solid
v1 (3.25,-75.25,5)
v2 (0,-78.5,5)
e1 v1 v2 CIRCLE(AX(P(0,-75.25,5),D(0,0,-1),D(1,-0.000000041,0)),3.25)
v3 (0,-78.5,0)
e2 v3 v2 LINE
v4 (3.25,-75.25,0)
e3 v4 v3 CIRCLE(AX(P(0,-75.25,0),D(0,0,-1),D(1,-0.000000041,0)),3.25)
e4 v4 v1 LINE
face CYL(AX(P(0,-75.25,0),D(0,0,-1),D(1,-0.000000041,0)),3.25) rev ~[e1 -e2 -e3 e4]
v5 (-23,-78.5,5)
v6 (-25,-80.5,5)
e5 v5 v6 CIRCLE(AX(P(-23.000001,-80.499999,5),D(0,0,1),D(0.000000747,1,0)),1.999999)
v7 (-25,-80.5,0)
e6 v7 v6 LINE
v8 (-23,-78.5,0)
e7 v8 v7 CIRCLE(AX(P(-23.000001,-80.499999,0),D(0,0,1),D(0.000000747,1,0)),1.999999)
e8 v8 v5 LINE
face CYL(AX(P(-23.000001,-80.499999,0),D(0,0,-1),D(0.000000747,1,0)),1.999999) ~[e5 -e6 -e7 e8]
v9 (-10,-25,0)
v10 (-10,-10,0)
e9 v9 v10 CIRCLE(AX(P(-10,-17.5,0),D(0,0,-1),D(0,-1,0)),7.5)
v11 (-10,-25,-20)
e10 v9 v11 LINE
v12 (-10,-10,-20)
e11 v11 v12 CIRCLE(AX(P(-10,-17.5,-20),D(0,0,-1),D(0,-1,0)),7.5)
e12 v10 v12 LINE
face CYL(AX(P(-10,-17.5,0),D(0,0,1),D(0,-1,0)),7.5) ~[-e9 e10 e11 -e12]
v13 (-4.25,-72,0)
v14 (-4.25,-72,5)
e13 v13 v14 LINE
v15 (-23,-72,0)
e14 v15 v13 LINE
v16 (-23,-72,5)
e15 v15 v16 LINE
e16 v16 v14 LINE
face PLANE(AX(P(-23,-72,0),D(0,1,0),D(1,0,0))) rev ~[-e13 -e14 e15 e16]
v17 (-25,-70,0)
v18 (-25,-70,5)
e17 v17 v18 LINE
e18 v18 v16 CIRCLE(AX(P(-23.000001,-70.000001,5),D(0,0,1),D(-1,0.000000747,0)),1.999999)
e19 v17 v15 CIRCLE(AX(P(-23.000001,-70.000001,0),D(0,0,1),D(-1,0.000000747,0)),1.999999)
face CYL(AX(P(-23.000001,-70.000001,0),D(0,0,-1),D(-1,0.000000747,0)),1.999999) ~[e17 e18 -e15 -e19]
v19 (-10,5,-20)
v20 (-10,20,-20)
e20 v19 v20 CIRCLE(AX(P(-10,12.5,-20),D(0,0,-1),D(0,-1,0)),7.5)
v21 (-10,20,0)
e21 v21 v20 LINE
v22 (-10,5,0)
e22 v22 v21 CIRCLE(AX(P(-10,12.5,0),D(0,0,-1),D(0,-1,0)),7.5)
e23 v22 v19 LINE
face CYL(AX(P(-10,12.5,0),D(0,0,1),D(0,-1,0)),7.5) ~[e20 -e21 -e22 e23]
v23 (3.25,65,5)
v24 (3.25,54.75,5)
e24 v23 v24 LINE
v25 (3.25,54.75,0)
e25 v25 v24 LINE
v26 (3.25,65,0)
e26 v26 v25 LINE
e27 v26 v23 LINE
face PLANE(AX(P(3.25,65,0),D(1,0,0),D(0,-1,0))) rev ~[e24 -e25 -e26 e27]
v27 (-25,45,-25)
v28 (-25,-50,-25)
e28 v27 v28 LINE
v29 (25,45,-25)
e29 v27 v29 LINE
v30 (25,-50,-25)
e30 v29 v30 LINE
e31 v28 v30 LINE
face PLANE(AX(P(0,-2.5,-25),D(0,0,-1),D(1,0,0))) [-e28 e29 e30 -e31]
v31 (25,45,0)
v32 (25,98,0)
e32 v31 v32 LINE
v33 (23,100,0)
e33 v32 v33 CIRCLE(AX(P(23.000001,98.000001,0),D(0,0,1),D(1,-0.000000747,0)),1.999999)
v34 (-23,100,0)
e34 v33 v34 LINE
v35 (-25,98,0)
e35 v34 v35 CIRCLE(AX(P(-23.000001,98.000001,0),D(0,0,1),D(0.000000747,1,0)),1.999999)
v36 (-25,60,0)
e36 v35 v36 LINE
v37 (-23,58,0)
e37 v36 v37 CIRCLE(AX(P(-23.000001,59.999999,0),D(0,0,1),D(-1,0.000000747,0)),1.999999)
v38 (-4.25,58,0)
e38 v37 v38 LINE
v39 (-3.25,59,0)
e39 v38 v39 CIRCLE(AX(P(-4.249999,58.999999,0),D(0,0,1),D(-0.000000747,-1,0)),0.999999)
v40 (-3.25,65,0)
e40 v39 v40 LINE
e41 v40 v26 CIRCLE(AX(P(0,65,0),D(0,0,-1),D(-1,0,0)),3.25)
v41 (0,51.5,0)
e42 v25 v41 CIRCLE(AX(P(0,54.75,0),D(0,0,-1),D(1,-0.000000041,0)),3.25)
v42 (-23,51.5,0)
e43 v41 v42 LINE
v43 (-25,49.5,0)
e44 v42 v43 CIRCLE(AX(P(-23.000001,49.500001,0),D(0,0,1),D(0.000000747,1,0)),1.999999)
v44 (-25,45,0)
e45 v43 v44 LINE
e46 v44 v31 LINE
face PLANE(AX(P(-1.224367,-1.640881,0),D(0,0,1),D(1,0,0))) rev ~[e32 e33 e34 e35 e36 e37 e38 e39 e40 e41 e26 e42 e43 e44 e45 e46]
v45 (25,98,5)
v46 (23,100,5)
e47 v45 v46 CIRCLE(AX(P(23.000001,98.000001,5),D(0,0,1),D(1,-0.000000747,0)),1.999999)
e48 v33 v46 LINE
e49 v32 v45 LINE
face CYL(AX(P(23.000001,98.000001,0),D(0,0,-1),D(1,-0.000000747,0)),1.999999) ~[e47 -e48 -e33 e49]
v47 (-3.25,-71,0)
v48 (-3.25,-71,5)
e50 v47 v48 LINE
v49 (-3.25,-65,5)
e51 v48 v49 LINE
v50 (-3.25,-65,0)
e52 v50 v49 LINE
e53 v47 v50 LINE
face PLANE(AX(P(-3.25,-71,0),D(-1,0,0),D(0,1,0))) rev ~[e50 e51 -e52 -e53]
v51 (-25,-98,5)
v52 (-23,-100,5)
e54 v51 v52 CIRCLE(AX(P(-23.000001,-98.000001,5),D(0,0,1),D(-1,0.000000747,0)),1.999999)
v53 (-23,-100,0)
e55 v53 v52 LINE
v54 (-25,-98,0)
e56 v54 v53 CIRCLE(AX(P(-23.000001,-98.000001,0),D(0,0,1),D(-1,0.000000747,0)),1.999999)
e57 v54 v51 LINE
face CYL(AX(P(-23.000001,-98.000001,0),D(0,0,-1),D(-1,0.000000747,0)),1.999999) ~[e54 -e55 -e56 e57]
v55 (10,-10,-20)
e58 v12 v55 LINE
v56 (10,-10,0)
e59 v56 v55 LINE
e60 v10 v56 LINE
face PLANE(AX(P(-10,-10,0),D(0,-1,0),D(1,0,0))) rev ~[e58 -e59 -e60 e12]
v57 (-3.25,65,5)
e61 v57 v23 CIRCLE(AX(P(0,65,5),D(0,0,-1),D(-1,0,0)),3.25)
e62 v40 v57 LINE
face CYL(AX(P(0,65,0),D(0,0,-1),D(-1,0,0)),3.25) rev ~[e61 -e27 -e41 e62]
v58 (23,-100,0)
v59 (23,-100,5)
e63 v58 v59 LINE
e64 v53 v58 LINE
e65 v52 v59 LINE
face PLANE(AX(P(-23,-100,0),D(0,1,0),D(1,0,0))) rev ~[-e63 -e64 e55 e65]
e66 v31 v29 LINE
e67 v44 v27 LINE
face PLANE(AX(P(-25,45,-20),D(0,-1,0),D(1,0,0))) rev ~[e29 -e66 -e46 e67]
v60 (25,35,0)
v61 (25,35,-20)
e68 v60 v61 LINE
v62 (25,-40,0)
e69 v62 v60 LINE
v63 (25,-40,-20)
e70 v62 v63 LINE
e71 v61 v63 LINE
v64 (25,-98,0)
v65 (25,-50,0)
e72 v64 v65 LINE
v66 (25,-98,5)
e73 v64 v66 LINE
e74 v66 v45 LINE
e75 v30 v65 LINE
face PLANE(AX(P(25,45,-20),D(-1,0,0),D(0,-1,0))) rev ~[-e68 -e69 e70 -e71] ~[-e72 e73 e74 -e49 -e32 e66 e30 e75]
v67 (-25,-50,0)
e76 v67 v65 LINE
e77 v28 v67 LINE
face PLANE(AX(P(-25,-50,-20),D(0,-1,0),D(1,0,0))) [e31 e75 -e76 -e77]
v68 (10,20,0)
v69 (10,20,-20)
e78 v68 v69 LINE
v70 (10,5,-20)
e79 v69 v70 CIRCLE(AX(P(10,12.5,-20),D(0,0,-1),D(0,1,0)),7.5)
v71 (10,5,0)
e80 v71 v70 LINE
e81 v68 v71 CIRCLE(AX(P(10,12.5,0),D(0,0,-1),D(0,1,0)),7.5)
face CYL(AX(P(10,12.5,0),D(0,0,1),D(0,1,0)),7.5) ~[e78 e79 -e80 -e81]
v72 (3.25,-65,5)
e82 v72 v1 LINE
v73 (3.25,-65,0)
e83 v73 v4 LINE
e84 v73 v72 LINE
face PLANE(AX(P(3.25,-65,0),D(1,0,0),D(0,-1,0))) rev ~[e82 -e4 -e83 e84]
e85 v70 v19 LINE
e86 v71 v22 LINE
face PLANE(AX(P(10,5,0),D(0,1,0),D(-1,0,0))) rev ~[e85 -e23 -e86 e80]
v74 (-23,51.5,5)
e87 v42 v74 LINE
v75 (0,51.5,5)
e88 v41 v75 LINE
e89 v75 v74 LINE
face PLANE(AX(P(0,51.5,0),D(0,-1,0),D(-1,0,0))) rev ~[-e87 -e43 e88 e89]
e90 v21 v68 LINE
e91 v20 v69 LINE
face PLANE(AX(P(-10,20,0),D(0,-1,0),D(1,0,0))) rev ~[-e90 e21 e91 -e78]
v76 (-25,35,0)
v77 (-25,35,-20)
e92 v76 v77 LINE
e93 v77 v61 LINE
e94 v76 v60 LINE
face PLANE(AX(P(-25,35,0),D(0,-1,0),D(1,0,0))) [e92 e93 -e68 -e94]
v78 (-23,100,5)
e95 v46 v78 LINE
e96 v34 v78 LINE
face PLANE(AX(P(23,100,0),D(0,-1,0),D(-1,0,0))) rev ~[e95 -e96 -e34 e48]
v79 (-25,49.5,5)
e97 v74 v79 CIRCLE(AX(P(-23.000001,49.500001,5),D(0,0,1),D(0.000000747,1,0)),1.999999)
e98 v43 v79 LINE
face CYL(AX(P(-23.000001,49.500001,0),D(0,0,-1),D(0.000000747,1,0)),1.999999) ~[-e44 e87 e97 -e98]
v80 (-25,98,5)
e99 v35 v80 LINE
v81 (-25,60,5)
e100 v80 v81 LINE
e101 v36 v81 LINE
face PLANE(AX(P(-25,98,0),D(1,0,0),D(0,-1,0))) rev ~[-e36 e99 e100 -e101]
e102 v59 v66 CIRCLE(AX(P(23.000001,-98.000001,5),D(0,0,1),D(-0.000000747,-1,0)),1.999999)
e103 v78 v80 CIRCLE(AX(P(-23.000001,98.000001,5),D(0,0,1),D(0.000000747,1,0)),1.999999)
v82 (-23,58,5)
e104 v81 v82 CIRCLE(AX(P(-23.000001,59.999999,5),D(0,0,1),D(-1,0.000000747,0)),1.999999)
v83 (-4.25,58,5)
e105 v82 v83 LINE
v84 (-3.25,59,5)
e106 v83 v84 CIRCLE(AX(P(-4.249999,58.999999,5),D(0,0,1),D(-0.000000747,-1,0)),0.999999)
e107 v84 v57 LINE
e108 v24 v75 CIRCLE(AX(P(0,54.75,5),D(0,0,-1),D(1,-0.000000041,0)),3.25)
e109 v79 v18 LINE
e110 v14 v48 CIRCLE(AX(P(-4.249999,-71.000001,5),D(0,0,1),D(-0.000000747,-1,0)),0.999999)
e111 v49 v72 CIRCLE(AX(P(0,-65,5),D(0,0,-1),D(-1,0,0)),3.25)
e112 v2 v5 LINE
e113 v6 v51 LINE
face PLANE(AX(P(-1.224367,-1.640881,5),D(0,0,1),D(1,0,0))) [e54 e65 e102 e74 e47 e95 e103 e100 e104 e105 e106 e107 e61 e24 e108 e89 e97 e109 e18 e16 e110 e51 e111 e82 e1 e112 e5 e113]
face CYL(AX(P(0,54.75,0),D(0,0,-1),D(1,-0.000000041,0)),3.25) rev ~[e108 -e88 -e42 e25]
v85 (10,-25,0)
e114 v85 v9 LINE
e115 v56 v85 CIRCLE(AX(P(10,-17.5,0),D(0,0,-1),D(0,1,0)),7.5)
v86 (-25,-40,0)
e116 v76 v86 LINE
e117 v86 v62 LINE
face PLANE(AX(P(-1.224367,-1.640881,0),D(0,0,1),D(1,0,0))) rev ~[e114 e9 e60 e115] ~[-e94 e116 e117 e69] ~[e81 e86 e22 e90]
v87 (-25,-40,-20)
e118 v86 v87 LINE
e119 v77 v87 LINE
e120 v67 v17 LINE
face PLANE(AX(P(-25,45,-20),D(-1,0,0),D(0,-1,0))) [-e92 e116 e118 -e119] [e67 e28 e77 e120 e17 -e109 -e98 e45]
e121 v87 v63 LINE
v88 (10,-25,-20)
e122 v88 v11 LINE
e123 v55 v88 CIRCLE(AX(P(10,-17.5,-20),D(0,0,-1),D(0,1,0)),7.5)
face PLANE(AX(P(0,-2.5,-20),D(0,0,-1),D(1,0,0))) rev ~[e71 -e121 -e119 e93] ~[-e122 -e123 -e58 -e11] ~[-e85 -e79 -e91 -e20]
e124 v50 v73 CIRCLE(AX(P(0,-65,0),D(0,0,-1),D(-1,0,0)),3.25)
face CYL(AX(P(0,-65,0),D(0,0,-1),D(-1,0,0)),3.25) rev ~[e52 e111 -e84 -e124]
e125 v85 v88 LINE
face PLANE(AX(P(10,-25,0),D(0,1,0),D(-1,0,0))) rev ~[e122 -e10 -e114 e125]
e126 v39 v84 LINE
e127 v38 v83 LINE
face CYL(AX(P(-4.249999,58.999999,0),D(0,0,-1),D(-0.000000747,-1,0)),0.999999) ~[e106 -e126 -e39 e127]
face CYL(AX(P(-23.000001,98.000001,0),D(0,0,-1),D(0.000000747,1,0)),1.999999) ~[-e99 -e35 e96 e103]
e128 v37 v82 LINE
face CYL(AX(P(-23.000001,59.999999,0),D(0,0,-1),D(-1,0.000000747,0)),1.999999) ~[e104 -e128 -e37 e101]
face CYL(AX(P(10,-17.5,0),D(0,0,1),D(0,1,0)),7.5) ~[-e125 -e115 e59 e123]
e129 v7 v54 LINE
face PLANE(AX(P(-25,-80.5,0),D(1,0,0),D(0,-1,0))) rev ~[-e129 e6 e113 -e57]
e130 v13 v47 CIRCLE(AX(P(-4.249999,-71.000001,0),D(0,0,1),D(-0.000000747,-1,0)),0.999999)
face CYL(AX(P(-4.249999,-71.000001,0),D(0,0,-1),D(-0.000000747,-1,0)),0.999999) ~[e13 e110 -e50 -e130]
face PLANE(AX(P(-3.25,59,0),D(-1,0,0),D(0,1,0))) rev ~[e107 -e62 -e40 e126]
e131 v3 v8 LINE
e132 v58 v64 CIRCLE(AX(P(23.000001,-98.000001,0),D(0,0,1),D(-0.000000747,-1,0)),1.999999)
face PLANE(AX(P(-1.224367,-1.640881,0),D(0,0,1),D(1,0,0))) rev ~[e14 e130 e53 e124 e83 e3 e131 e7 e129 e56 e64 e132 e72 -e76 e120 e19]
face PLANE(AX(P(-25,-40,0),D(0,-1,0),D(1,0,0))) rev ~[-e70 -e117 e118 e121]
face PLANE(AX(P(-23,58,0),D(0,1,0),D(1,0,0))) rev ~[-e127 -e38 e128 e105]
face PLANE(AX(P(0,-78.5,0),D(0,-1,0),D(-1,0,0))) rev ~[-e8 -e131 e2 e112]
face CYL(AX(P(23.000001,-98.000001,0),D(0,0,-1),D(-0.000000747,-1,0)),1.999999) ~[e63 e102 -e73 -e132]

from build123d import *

# Parameters (mm, degrees)
F1_DEPTH = 5
F2_W     = 50
F2_H     = 10
F3_DEPTH = 20
F4_W     = 50
F4_H     = 95
F5_DEPTH = 5


with BuildPart() as f1:
    # F0 (on Top) → F1 (new body)
    with BuildSketch(Plane.XY):
        with BuildLine():
            Line((-23, -100), (23, -100))
            ThreePointArc((23, -100), (24.414214, -99.414214), (25, -98))
            Line((25, -98), (25, 98))
            ThreePointArc((25, 98), (24.414214, 99.414214), (23, 100))
            Line((23, 100), (-23, 100))
            ThreePointArc((-23, 100), (-24.414214, 99.414214), (-25, 98))
            Line((-25, 98), (-25, 60))
            ThreePointArc((-25, 60), (-24.414214, 58.585786), (-23, 58))
            Line((-23, 58), (-4.25, 58))
            ThreePointArc((-4.25, 58), (-3.542893, 58.292893), (-3.25, 59))
            Line((-3.25, 59), (-3.25, 65))
            ThreePointArc((-3.25, 65), (0, 68.25), (3.25, 65))
            Line((3.25, 65), (3.25, 54.75))
            ThreePointArc((3.25, 54.75), (2.298097, 52.451903), (0, 51.5))
            Line((0, 51.5), (-23, 51.5))
            ThreePointArc((-23, 51.5), (-24.414214, 50.914214), (-25, 49.5))
            Line((-25, 49.5), (-25, -70))
            ThreePointArc((-25, -70), (-24.414214, -71.414214), (-23, -72))
            Line((-23, -72), (-4.25, -72))
            ThreePointArc((-4.25, -72), (-3.542893, -71.707107), (-3.25, -71))
            Line((-3.25, -71), (-3.25, -65))
            ThreePointArc((-3.25, -65), (0, -61.75), (3.25, -65))
            Line((3.25, -65), (3.25, -75.25))
            ThreePointArc((3.25, -75.25), (2.298097, -77.548097), (0, -78.5))
            Line((0, -78.5), (-23, -78.5))
            ThreePointArc((-23, -78.5), (-24.414214, -79.085786), (-25, -80.5))
            Line((-25, -80.5), (-25, -98))
            ThreePointArc((-25, -98), (-24.414214, -99.414214), (-23, -100))
        make_face()
    extrude(amount=F1_DEPTH)

    # F2 (on face) → F3 (join)
    with BuildSketch(Plane(origin=(0, 0, 0), x_dir=(1, 0, 0), z_dir=(0, 0, -1))):
        with BuildLine():
            Line((10, 25), (-10, 25))
            ThreePointArc((-10, 25), (-17.5, 17.5), (-10, 10))
            Line((-10, 10), (10, 10))
            ThreePointArc((10, 10), (17.5, 17.5), (10, 25))
        make_face()
        with BuildLine():
            Line((10, -5), (-10, -5))
            ThreePointArc((-10, -5), (-17.5, -12.5), (-10, -20))
            Line((-10, -20), (10, -20))
            ThreePointArc((10, -20), (17.5, -12.5), (10, -5))
        make_face()
        with Locations((0, 45)):
            Rectangle(F2_W, F2_H)
        with Locations((0, -40)):
            Rectangle(F2_W, F2_H)
    extrude(amount=F3_DEPTH)

    # F4 (on face) → F5 (join)
    with BuildSketch(Plane(origin=(0, 0, -20), x_dir=(1, 0, 0), z_dir=(0, 0, -1))):
        with Locations((0, 2.5)):
            Rectangle(F4_W, F4_H)
    extrude(amount=F5_DEPTH)


solid = f1.part
